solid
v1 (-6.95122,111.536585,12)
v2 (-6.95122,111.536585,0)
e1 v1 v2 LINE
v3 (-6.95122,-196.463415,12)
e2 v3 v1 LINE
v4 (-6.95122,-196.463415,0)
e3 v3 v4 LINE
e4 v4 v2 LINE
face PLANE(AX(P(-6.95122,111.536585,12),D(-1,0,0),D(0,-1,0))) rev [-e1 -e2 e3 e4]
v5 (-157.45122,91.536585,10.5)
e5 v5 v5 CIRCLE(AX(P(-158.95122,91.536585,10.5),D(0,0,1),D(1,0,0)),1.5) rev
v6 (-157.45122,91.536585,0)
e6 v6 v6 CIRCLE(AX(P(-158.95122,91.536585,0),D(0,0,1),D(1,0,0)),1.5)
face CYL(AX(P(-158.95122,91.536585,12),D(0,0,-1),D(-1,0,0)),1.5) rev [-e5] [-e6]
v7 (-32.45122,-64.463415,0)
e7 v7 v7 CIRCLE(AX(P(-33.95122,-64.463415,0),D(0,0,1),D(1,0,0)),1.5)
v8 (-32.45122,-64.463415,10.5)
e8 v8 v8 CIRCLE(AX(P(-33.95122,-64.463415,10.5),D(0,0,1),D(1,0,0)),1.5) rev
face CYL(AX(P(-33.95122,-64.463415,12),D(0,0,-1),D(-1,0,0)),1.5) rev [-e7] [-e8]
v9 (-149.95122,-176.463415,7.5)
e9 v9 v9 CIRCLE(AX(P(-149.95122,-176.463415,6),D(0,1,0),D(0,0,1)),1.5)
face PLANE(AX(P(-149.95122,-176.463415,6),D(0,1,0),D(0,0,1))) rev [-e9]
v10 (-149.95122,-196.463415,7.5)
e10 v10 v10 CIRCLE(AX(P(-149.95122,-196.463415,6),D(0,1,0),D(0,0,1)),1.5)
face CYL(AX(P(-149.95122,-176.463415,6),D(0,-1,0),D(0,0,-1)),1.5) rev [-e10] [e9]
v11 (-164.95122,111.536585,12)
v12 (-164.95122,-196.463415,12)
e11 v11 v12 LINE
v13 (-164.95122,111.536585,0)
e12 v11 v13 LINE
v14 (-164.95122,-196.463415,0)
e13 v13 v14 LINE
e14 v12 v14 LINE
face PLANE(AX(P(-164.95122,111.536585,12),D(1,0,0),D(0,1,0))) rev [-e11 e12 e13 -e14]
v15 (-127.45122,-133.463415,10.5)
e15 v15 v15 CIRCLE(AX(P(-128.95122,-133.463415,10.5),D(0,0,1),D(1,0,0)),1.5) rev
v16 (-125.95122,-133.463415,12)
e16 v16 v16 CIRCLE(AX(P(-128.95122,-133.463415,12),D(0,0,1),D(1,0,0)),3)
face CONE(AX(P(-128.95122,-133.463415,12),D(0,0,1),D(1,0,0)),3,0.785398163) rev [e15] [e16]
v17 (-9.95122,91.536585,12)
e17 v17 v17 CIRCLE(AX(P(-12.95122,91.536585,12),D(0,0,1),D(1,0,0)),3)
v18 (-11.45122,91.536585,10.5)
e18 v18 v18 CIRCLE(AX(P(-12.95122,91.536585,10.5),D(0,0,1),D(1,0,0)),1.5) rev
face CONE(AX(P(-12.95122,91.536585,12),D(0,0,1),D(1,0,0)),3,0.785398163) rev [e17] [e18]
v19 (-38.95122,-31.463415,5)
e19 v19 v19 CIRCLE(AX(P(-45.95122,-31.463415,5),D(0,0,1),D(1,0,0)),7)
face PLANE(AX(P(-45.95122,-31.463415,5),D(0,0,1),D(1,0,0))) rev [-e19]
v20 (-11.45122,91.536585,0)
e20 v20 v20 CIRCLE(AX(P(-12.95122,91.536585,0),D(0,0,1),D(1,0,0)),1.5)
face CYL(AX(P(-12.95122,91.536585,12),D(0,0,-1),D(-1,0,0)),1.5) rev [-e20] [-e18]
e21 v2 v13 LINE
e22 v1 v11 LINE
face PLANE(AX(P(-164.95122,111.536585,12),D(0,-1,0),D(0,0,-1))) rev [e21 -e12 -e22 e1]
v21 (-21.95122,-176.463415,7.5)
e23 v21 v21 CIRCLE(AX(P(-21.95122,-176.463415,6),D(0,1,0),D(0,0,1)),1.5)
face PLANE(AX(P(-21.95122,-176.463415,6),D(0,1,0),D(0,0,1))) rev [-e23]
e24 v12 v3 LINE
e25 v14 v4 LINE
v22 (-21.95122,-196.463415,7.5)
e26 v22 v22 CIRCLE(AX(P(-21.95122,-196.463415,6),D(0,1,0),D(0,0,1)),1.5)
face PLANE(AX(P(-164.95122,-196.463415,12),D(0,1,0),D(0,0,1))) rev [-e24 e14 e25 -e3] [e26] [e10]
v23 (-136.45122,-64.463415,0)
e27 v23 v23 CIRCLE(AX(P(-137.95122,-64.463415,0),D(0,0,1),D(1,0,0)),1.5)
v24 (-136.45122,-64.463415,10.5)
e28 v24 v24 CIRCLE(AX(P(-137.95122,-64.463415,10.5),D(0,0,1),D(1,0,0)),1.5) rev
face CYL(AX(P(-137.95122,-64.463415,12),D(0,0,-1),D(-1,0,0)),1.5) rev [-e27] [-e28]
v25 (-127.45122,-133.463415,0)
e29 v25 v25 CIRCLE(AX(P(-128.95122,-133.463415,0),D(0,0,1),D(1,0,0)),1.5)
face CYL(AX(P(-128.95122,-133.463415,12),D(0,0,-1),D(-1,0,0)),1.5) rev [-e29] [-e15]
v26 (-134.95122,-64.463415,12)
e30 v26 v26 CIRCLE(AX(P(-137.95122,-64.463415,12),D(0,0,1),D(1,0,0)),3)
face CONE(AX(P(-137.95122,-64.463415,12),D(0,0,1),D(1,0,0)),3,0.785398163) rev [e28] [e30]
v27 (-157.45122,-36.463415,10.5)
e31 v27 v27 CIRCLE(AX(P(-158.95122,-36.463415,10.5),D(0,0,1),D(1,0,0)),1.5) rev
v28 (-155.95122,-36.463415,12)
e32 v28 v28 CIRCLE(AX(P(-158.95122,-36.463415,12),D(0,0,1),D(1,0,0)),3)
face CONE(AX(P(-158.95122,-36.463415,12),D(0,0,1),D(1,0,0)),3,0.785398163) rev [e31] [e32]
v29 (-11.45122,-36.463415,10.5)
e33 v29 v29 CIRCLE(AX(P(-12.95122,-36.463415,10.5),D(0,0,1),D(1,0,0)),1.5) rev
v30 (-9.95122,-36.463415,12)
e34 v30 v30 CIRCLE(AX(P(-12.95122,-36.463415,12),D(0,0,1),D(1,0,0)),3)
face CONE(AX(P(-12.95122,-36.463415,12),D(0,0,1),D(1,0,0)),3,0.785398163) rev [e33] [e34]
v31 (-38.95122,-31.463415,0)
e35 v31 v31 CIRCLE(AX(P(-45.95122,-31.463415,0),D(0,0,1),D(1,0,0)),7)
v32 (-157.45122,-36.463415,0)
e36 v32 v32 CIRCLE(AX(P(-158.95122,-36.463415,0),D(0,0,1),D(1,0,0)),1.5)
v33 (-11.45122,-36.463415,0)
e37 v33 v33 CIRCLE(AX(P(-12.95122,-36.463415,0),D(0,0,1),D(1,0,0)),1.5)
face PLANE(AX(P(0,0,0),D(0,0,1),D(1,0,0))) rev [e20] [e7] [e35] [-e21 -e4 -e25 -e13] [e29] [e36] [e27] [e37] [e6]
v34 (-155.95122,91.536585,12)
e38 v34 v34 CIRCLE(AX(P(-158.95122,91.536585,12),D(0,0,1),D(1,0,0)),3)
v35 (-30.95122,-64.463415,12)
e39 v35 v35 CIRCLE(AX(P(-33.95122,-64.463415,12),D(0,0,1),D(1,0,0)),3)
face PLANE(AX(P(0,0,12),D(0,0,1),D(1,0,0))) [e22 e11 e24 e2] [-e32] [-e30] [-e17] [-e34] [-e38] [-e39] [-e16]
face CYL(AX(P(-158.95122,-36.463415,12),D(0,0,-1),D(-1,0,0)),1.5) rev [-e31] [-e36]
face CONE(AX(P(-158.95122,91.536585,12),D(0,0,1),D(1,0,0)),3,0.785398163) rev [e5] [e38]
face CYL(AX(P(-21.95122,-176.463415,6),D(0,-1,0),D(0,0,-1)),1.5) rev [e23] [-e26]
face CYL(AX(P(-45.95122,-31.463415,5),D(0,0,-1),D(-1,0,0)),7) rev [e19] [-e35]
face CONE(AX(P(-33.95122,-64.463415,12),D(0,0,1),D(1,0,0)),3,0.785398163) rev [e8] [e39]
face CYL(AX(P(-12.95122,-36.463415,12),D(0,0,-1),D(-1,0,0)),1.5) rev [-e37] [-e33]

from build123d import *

# Parameters (mm, degrees)
SKETCH1_W           = 158
SKETCH1_H           = 308
SKETCH1_R           = 1.5
BOSS_EXTRUDE1_DEPTH = 12
CUT_EXTRUDE3_START  = -196.463415
SKETCH4_R           = 1.5
CUT_EXTRUDE3_DEPTH  = 20
SKETCH6_R           = 7
CUT_EXTRUDE5_DEPTH  = 5


with BuildPart() as part:
    # Sketch1 → Boss-Extrude1 (new body)
    with BuildSketch(Plane.XY):
        with Locations((-85.951219512, -42.463414634)):
            Rectangle(SKETCH1_W, SKETCH1_H)
        with Locations((-137.951219512, -64.463414634)):
            Circle(SKETCH1_R, mode=Mode.SUBTRACT)
        with Locations((-33.951219512, -64.463414634)):
            Circle(SKETCH1_R, mode=Mode.SUBTRACT)
        with Locations((-128.951219512, -133.463414634)):
            Circle(SKETCH1_R, mode=Mode.SUBTRACT)
        with Locations((-158.951219512, 91.536585366)):
            Circle(SKETCH1_R, mode=Mode.SUBTRACT)
        with Locations((-158.951219512, -36.463414634)):
            Circle(SKETCH1_R, mode=Mode.SUBTRACT)
        with Locations((-12.951219512, 91.536585366)):
            Circle(SKETCH1_R, mode=Mode.SUBTRACT)
        with Locations((-12.951219512, -36.463414634)):
            Circle(SKETCH1_R, mode=Mode.SUBTRACT)
    extrude(amount=BOSS_EXTRUDE1_DEPTH)

    # Sketch4 → Cut-Extrude3 (cut)
    with BuildSketch(Plane(origin=(0, 0, 0), x_dir=(1, 0, 0), z_dir=(0, 1, 0)).offset(CUT_EXTRUDE3_START)):
        with Locations(Location((-149.951219512, -6, 0), (0, 0, 270))):
            Circle(SKETCH4_R)
        with Locations(Location((-21.951219512, -6, 0), (0, 0, 270))):
            Circle(SKETCH4_R)
    extrude(amount=CUT_EXTRUDE3_DEPTH, mode=Mode.SUBTRACT)

    # Cut-Extrude4 cone 1 section (through the dimple's axis) → Cut-Extrude4 (revolve, cut)
    with BuildSketch(Plane(origin=(-137.951219512, -64.463414634, 12), x_dir=(0, -1, 0), z_dir=(1, 0, 0))):
        Polygon((0, 0), (3, 0), (0, 3), align=None)
    revolve(axis=Axis((-137.951219512, -64.463414634, 12), (0, 0, -1)), mode=Mode.SUBTRACT)

    # Cut-Extrude4 cone 2 section (through the dimple's axis) → Cut-Extrude4 cone 2 (revolve, cut)
    with BuildSketch(Plane(origin=(-33.951219512, -64.463414634, 12), x_dir=(0, -1, 0), z_dir=(1, 0, 0))):
        Polygon((0, 0), (3, 0), (0, 3), align=None)
    revolve(axis=Axis((-33.951219512, -64.463414634, 12), (0, 0, -1)), mode=Mode.SUBTRACT)

    # Cut-Extrude4 cone 3 section (through the dimple's axis) → Cut-Extrude4 cone 3 (revolve, cut)
    with BuildSketch(Plane(origin=(-128.951219512, -133.463414634, 12), x_dir=(0, -1, 0), z_dir=(1, 0, 0))):
        Polygon((0, 0), (3, 0), (0, 3), align=None)
    revolve(axis=Axis((-128.951219512, -133.463414634, 12), (0, 0, -1)), mode=Mode.SUBTRACT)

    # Cut-Extrude4 cone 4 section (through the dimple's axis) → Cut-Extrude4 cone 4 (revolve, cut)
    with BuildSketch(Plane(origin=(-158.951219512, 91.536585366, 12), x_dir=(0, -1, 0), z_dir=(1, 0, 0))):
        Polygon((0, 0), (3, 0), (0, 3), align=None)
    revolve(axis=Axis((-158.951219512, 91.536585366, 12), (0, 0, -1)), mode=Mode.SUBTRACT)

    # Cut-Extrude4 cone 5 section (through the dimple's axis) → Cut-Extrude4 cone 5 (revolve, cut)
    with BuildSketch(Plane(origin=(-158.951219512, -36.463414634, 12), x_dir=(0, -1, 0), z_dir=(1, 0, 0))):
        Polygon((0, 0), (3, 0), (0, 3), align=None)
    revolve(axis=Axis((-158.951219512, -36.463414634, 12), (0, 0, -1)), mode=Mode.SUBTRACT)

    # Cut-Extrude4 cone 6 section (through the dimple's axis) → Cut-Extrude4 cone 6 (revolve, cut)
    with BuildSketch(Plane(origin=(-12.951219512, 91.536585366, 12), x_dir=(0, -1, 0), z_dir=(1, 0, 0))):
        Polygon((0, 0), (3, 0), (0, 3), align=None)
    revolve(axis=Axis((-12.951219512, 91.536585366, 12), (0, 0, -1)), mode=Mode.SUBTRACT)

    # Cut-Extrude4 cone 7 section (through the dimple's axis) → Cut-Extrude4 cone 7 (revolve, cut)
    with BuildSketch(Plane(origin=(-12.951219512, -36.463414634, 12), x_dir=(0, -1, 0), z_dir=(1, 0, 0))):
        Polygon((0, 0), (3, 0), (0, 3), align=None)
    revolve(axis=Axis((-12.951219512, -36.463414634, 12), (0, 0, -1)), mode=Mode.SUBTRACT)

    # Sketch6 → Cut-Extrude5 (cut)
    with BuildSketch(Plane.XY):
        with Locations((-45.951219512, -31.463414634)):
            Circle(SKETCH6_R)
    extrude(amount=CUT_EXTRUDE5_DEPTH, mode=Mode.SUBTRACT)


solid = part.part
